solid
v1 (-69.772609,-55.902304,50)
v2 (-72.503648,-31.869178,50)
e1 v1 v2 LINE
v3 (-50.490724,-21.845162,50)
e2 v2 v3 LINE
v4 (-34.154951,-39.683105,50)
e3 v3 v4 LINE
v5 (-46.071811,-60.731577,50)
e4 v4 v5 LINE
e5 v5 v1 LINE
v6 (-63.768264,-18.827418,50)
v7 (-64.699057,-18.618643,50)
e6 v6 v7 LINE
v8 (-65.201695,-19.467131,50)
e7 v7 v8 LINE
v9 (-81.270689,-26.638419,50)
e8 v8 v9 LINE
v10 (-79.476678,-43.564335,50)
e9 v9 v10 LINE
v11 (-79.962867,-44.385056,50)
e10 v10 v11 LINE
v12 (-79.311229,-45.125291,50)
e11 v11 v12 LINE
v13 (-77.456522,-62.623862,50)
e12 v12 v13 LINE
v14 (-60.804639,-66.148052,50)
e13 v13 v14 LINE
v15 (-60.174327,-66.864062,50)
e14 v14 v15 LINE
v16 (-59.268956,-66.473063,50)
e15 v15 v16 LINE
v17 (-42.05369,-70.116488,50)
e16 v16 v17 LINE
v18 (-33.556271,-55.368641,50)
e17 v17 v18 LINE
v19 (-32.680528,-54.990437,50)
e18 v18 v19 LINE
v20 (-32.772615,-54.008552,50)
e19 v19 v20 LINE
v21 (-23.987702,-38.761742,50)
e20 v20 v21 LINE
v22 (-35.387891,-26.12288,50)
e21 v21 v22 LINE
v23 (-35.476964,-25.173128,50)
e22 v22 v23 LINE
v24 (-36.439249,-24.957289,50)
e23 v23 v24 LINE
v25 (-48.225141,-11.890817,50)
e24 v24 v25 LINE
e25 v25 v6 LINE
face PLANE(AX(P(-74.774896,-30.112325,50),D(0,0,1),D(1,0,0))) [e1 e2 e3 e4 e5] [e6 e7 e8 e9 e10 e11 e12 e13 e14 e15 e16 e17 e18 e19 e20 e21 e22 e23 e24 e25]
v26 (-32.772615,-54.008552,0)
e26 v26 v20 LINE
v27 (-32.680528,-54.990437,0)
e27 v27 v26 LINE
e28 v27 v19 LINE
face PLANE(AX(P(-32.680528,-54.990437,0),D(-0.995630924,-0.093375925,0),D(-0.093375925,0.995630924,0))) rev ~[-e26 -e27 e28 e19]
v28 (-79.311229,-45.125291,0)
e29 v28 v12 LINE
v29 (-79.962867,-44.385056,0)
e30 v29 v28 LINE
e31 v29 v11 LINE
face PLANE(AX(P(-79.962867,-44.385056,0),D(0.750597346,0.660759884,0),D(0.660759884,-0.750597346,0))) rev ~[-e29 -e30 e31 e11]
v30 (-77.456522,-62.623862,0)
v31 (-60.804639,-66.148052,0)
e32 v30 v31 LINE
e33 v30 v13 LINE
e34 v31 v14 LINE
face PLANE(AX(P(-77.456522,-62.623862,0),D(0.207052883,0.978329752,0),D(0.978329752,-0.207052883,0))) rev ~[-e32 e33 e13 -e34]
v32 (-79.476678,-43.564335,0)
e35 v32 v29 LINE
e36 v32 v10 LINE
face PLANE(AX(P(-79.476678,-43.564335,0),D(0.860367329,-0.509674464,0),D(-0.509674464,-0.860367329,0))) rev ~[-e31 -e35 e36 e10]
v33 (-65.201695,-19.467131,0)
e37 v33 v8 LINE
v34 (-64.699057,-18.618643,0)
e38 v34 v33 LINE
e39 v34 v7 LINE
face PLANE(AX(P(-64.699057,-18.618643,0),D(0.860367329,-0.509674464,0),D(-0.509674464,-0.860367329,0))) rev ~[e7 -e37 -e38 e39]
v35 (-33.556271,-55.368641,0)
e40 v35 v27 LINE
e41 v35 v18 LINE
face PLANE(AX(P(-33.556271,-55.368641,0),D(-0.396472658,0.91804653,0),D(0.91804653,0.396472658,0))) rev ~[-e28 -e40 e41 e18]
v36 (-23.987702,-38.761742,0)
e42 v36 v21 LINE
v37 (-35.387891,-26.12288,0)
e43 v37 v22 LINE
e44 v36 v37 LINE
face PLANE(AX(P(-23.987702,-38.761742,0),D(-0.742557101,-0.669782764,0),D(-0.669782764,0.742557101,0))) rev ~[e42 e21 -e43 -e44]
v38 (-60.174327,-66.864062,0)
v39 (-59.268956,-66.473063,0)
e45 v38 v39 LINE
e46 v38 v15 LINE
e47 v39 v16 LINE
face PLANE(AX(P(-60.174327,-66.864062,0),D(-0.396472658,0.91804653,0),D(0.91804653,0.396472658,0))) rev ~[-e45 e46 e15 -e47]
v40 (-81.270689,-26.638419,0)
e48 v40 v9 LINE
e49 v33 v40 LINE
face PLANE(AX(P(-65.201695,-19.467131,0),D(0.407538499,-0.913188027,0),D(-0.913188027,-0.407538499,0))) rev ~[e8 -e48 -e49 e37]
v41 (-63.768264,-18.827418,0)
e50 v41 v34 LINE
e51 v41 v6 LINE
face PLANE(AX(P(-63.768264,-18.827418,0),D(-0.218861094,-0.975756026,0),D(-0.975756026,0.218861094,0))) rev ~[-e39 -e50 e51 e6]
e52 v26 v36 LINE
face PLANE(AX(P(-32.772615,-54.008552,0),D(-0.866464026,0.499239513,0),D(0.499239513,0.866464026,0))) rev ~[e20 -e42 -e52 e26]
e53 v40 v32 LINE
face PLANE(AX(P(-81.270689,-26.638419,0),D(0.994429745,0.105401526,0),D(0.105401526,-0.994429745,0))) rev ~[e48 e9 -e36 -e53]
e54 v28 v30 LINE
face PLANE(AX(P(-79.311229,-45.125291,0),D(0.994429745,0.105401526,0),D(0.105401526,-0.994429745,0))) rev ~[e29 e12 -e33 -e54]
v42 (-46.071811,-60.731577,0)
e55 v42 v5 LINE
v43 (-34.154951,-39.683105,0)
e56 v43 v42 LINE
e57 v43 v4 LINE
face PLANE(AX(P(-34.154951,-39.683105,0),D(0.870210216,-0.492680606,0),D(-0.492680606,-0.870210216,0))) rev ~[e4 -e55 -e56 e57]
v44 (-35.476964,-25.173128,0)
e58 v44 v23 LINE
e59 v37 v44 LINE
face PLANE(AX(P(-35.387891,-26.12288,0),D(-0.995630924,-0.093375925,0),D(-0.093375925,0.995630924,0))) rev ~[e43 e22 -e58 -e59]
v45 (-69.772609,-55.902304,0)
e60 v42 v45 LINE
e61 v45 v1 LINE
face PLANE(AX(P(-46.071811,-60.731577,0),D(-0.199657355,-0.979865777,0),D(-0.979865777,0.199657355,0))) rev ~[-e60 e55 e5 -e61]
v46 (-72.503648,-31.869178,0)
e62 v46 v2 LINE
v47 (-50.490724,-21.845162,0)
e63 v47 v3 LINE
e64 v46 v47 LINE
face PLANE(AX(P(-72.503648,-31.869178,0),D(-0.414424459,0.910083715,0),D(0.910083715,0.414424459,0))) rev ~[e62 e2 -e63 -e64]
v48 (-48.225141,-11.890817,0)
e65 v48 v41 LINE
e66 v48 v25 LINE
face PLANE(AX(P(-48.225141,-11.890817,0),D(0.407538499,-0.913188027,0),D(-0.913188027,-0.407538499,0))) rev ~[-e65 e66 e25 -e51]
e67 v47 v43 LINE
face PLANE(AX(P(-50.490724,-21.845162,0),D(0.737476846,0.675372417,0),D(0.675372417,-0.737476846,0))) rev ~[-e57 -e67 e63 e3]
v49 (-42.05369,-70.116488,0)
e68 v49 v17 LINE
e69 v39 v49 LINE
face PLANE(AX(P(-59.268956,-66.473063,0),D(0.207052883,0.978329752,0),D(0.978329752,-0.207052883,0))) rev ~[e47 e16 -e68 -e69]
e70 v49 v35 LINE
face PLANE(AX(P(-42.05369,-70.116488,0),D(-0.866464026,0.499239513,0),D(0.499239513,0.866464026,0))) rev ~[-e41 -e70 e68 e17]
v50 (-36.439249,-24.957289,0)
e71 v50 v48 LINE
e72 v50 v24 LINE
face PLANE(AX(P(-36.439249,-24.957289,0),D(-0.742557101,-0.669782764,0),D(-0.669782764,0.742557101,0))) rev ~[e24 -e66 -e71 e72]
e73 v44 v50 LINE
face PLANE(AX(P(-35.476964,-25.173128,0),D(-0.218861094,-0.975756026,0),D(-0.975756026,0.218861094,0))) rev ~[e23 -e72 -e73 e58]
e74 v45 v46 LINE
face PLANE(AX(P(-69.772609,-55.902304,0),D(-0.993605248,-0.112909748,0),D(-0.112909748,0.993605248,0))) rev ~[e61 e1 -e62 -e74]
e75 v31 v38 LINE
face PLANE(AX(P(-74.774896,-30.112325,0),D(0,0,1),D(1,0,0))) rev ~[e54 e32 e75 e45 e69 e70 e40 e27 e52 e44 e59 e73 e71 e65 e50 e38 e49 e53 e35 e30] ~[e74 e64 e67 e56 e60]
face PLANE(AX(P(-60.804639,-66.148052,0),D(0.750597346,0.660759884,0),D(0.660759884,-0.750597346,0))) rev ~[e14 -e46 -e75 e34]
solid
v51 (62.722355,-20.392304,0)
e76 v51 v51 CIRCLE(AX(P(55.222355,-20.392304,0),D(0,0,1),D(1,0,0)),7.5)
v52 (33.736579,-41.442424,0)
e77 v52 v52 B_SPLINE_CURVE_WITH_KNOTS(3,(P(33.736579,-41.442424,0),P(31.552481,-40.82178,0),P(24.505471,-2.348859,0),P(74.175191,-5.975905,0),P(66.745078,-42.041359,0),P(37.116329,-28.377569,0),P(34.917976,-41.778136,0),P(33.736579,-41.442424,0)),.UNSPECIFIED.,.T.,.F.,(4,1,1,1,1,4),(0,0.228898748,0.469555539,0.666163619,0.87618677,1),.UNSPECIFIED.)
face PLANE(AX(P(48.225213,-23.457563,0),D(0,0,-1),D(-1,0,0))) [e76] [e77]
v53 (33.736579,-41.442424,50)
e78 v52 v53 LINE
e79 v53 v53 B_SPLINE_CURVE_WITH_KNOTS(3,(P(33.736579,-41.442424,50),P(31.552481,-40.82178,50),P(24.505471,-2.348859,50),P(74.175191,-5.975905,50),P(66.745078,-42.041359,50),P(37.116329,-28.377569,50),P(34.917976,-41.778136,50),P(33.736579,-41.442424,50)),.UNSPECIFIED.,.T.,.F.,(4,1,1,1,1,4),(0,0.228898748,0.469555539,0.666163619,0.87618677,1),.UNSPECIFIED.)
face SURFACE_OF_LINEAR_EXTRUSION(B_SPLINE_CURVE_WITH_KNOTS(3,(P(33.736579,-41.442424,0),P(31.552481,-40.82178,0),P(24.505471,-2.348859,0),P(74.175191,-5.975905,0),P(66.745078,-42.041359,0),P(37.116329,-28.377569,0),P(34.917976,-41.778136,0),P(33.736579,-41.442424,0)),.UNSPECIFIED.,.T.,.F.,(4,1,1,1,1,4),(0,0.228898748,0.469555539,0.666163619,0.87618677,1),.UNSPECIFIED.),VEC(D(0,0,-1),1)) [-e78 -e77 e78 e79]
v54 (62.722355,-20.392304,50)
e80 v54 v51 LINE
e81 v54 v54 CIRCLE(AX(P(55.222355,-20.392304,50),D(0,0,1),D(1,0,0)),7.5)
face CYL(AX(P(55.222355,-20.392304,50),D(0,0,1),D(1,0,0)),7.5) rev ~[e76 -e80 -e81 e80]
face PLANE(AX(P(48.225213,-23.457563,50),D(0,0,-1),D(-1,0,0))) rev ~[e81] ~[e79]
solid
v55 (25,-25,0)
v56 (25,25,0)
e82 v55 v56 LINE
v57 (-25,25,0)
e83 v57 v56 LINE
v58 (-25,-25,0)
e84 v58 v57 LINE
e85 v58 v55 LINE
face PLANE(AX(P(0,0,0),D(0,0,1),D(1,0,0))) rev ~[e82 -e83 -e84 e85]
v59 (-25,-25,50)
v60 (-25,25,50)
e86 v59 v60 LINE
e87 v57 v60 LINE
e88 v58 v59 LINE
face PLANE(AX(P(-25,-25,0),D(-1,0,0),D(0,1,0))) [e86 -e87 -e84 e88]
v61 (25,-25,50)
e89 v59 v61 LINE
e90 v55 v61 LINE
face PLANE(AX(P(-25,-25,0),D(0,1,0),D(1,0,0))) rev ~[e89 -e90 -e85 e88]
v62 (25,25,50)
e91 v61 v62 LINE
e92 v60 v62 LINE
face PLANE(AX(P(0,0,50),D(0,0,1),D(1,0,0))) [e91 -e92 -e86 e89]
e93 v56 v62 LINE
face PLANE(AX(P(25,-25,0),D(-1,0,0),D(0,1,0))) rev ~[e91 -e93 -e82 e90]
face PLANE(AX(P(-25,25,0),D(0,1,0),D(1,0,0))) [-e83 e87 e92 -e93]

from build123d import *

# Parameters (mm, degrees)
F0_W     = 50
F0_H     = 50
F1_DEPTH = 50
F3_DEPTH = 50
F4_R     = 7.5
F5_DEPTH = 50


with BuildPart() as f1:
    # F0 (on Top) → F1 (new body)
    with BuildSketch(Plane.XY):
        Rectangle(F0_W, F0_H)
    extrude(amount=F1_DEPTH)


with BuildPart() as f3:
    # F2 (on Top) → F3 (new body)
    with BuildSketch(Plane.XY):
        with BuildLine():
            add(Edge.make_bspline(
                [(33.7365791202, -41.4424240589), (31.5524814258, -40.8217800872), (24.5054708689, -2.3488587323), (74.1751913533, -5.9759045351), (66.7450784353, -42.0413593704), (37.1163288643, -28.3775692794), (34.9179756672, -41.7781355278), (33.7365791202, -41.4424240589)],
                knots=[0, 0, 0, 0, 0.2288987477, 0.4695555389, 0.6661636185, 0.87618677, 1, 1, 1, 1], degree=3))
        make_face()
    extrude(amount=F3_DEPTH)

    # F4 (on face) → F5 (cut)
    with BuildSketch(Plane.XY.offset(50)):
        with Locations((55.2223548293, -20.3923042864)):
            Circle(F4_R)
    extrude(amount=-F5_DEPTH, mode=Mode.SUBTRACT)


with BuildPart() as f3b:
    # F2 (on Top) → F3, piece 2 (new body)
    with BuildSketch(Plane.XY):
        Polygon((-65.2016947436, -19.4671313755), (-81.2706886919, -26.6384186489), (-79.4766781793, -43.5643350799), align=None)
        Polygon((-64.6990569833, -18.6186425101), (-65.2016947436, -19.4671313755), (-63.7682640314, -18.8274184317), align=None)
        Polygon((-35.4769644734, -25.1731284249), (-36.4392489478, -24.9572889866), (-35.3878913336, -26.122880435), align=None)
        Polygon((-23.9877022811, -38.7617415513), (-35.3878913336, -26.122880435), (-32.7726145686, -54.008552489), align=None)
        Polygon((-32.6805278169, -54.9904374634), (-32.7726145686, -54.008552489), (-33.5562705409, -55.3686405649), align=None)
        Polygon((-33.5562705409, -55.3686405649), (-59.2689556938, -66.4730631384), (-42.0536896079, -70.1164875248), align=None)
        Polygon((-59.2689556938, -66.4730631384), (-60.8046393343, -66.1480523487), (-60.1743274257, -66.8640619874), align=None)
        Polygon((-60.8046393343, -66.1480523487), (-79.3112294658, -45.1252908706), (-77.4565221868, -62.6238619145), align=None)
        Polygon((-79.3112294658, -45.1252908706), (-79.4766781793, -43.5643350799), (-79.9628667204, -44.3850564744), align=None)
        Polygon((-63.7682640314, -18.8274184317), (-65.2016947436, -19.4671313755), (-79.4766781793, -43.5643350799), (-79.3112294658, -45.1252908706), (-60.8046393343, -66.1480523487), (-59.2689556938, -66.4730631384), (-33.5562705409, -55.3686405649), (-32.7726145686, -54.008552489), (-35.3878913336, -26.122880435), (-36.4392489478, -24.9572889866), align=None)
        Polygon((-46.0718111319, -60.7315766554), (-69.7726093861, -55.9023043065), (-72.5036478905, -31.8691784592), (-50.4907242566, -21.8451621785), (-34.1549507547, -39.6831052606), align=None, mode=Mode.SUBTRACT)
        Polygon((-48.2251406519, -11.8908172208), (-63.7682640314, -18.8274184317), (-36.4392489478, -24.9572889866), align=None)
    extrude(amount=F3_DEPTH)


solid = Compound([f1.part, f3.part, f3b.part])
